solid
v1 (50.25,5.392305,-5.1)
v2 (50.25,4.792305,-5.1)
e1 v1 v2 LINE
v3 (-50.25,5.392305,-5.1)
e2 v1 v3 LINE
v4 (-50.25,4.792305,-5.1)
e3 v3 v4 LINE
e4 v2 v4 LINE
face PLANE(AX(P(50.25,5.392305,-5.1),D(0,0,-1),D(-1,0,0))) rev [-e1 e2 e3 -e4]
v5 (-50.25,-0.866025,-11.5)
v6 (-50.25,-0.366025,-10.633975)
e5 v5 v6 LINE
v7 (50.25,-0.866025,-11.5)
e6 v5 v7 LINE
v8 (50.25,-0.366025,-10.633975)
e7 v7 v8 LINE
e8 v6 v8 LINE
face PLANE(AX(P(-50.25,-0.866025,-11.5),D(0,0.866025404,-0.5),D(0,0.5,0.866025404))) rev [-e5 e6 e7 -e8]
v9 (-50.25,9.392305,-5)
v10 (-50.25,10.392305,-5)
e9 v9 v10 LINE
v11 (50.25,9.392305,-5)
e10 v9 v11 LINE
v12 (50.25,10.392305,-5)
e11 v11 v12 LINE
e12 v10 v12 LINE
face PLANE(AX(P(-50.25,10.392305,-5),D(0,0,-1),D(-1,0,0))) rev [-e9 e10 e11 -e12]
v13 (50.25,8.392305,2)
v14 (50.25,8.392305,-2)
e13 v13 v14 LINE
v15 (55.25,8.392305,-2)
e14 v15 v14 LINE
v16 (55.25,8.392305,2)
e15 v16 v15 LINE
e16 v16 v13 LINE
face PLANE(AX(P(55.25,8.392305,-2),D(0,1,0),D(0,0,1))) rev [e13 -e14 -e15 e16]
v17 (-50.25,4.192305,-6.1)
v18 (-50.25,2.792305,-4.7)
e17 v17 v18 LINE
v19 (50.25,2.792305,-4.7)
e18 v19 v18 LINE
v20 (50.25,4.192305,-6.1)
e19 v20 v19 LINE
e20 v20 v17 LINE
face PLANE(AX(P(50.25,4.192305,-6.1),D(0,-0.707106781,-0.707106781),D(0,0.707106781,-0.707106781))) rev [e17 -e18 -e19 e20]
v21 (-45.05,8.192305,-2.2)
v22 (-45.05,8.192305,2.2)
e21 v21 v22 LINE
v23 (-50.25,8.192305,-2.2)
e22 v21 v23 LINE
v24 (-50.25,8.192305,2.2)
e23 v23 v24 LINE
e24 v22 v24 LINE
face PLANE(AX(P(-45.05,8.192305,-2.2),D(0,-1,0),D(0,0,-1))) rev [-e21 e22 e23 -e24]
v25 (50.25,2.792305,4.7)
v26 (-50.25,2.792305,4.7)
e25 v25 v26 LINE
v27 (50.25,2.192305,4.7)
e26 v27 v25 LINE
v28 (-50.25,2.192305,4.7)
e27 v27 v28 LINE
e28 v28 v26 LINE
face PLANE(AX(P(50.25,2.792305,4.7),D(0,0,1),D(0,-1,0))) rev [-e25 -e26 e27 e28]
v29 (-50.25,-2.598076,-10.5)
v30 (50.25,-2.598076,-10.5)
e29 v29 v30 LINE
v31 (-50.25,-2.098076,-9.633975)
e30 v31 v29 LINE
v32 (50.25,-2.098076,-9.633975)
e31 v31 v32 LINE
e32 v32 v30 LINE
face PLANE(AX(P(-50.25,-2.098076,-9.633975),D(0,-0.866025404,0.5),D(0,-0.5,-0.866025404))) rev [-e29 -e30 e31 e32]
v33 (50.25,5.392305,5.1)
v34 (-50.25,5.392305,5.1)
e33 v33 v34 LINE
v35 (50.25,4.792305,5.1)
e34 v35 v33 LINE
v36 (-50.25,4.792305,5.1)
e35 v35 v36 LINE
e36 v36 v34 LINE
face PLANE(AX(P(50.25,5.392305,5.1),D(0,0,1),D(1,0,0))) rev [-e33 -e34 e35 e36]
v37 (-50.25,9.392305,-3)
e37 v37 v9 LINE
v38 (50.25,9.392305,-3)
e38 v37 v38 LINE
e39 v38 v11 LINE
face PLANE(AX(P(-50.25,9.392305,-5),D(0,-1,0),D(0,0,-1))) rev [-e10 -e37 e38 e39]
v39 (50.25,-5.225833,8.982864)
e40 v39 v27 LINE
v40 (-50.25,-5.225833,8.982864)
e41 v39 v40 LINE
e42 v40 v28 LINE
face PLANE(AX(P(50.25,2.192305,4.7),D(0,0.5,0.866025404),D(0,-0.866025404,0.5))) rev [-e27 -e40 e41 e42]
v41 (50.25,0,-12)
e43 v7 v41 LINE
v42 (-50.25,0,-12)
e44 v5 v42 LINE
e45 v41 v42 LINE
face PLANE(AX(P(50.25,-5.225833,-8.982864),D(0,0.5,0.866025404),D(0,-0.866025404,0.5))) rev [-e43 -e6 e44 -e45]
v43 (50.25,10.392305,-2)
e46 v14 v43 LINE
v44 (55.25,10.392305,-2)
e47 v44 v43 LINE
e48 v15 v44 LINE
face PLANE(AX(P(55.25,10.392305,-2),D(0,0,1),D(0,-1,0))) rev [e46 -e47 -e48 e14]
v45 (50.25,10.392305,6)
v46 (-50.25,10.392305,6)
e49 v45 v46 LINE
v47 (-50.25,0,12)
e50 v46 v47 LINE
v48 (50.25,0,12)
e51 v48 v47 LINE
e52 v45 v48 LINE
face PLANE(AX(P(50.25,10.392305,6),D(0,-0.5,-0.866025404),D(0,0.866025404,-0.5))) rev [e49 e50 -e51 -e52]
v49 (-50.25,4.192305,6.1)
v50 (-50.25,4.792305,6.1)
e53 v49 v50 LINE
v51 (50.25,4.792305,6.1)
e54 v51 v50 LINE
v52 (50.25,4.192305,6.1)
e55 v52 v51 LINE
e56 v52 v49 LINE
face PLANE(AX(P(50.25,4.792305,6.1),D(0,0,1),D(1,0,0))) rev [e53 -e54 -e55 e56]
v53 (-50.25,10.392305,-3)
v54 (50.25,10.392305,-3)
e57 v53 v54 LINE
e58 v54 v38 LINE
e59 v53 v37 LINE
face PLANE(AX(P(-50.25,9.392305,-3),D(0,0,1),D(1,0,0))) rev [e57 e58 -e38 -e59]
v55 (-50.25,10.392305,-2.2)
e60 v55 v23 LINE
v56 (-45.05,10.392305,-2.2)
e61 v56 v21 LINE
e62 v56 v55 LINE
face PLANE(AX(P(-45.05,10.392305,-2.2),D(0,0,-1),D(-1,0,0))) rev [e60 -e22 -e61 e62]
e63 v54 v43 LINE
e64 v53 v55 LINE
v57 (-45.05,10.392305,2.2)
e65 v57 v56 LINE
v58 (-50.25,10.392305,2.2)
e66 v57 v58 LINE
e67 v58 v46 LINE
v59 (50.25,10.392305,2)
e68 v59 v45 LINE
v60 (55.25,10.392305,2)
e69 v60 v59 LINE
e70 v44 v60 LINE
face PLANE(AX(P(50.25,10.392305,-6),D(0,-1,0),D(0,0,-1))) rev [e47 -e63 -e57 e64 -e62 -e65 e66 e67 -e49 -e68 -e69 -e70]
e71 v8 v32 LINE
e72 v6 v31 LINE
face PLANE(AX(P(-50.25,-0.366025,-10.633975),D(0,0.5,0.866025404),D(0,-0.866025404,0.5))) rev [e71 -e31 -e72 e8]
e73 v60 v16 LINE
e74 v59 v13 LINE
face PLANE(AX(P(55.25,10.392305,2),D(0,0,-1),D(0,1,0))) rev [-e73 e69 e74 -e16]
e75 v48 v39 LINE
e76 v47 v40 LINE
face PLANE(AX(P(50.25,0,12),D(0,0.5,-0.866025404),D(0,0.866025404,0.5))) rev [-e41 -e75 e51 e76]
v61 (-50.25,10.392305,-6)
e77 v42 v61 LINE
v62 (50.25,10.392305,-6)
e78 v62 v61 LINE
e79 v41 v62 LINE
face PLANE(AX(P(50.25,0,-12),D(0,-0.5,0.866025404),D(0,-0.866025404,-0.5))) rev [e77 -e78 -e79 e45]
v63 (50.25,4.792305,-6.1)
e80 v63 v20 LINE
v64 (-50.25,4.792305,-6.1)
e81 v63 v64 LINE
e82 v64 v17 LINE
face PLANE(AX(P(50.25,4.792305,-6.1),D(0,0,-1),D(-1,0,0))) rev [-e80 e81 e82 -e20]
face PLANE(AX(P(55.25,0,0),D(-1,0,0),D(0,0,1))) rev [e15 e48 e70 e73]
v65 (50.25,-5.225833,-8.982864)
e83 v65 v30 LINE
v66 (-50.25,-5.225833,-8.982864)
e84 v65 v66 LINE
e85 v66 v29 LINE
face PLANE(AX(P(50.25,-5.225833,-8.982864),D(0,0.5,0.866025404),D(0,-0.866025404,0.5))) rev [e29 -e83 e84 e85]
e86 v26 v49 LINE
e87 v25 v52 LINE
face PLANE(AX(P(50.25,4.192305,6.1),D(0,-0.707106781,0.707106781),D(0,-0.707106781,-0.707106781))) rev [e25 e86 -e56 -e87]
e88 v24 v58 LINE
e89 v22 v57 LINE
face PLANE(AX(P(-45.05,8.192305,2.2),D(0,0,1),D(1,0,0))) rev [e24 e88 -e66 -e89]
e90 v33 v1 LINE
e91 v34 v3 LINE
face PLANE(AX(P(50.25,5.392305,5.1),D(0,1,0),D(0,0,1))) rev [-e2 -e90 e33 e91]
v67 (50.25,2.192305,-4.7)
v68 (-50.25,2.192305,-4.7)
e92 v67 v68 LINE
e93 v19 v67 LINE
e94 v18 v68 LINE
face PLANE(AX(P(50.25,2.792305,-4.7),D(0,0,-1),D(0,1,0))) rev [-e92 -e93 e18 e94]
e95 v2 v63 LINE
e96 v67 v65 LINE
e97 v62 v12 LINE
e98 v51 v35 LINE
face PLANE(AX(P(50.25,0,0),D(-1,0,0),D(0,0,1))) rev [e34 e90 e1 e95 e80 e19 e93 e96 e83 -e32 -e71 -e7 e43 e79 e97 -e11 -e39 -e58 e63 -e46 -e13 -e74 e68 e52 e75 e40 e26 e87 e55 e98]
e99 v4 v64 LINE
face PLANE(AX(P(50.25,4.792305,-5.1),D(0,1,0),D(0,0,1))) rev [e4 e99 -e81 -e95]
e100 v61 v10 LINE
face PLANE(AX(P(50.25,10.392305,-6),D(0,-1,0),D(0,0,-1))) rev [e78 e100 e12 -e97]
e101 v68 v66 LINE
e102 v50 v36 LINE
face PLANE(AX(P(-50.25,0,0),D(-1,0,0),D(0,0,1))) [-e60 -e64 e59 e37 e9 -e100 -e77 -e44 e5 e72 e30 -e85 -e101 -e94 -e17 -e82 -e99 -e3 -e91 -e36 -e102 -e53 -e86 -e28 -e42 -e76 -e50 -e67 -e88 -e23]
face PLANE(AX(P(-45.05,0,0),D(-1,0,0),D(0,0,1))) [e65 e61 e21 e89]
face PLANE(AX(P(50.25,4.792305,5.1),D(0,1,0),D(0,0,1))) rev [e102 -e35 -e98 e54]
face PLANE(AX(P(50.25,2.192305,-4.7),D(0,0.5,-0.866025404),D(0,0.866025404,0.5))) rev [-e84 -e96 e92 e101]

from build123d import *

# Parameters (mm, degrees)
BOSS_EXTRUDE2_DEPTH = 50.25
SKETCH3_W           = 2
SKETCH3_H           = 1
CUT_EXTRUDE2_DEPTH  = 101.5
SKETCH4_W           = 4
SKETCH4_H           = 2
BOSS_EXTRUDE3_DEPTH = 5
CUT_EXTRUDE3_DEPTH  = 5.2


with BuildPart() as part:
    # LED Segment → Boss-Extrude2 (new body, symmetric)
    with BuildSketch(Plane(origin=(0, 0, 0), x_dir=(0, 0, -1), z_dir=(1, 0, 0))):
        Polygon((8.982863896, -5.225833025), (12, 0), (6, 10.392304845), (-6, 10.392304845), (-12, 0), (-8.982863896, -5.225833025), (-4.7, 2.192304845), (-4.7, 2.792304845), (-6.1, 4.192304845), (-6.1, 4.792304845), (-5.1, 4.792304845), (-5.1, 5.392304845), (5.1, 5.392304845), (5.1, 4.792304845), (6.1, 4.792304845), (6.1, 4.192304845), (4.7, 2.792304845), (4.7, 2.192304845), align=None)
    extrude(amount=BOSS_EXTRUDE2_DEPTH, both=True)

    # Sketch3 → Cut-Extrude2 (cut, through all)
    with BuildSketch(Plane(origin=(50.25, 0, 0), x_dir=(0, 0, -1), z_dir=(1, 0, 0))):
        with Locations((4, 9.892304845)):
            Rectangle(SKETCH3_W, SKETCH3_H)
        Polygon((10.5, -2.598076211), (11.5, -0.866025404), (10.633974596, -0.366025404), (9.633974596, -2.098076211), align=None)
    extrude(amount=-CUT_EXTRUDE2_DEPTH, mode=Mode.SUBTRACT)

    # Sketch4 → Boss-Extrude3 (add)
    with BuildSketch(Plane(origin=(50.25, 0, 0), x_dir=(0, 0, -1), z_dir=(1, 0, 0))):
        with Locations((0, 9.392304845)):
            Rectangle(SKETCH4_W, SKETCH4_H)
    extrude(amount=BOSS_EXTRUDE3_DEPTH)

    # Sketch5 → Cut-Extrude3 (cut)
    with BuildSketch(Plane.ZY.offset(50.25)):
        Polygon((-2.2, 10.392304845), (-2.2, 8.192304845), (2.2, 8.192304845), (2.2, 10.392304845), (2, 10.392304845), (-2, 10.392304845), align=None)
    extrude(amount=-CUT_EXTRUDE3_DEPTH, mode=Mode.SUBTRACT)


solid = part.part
